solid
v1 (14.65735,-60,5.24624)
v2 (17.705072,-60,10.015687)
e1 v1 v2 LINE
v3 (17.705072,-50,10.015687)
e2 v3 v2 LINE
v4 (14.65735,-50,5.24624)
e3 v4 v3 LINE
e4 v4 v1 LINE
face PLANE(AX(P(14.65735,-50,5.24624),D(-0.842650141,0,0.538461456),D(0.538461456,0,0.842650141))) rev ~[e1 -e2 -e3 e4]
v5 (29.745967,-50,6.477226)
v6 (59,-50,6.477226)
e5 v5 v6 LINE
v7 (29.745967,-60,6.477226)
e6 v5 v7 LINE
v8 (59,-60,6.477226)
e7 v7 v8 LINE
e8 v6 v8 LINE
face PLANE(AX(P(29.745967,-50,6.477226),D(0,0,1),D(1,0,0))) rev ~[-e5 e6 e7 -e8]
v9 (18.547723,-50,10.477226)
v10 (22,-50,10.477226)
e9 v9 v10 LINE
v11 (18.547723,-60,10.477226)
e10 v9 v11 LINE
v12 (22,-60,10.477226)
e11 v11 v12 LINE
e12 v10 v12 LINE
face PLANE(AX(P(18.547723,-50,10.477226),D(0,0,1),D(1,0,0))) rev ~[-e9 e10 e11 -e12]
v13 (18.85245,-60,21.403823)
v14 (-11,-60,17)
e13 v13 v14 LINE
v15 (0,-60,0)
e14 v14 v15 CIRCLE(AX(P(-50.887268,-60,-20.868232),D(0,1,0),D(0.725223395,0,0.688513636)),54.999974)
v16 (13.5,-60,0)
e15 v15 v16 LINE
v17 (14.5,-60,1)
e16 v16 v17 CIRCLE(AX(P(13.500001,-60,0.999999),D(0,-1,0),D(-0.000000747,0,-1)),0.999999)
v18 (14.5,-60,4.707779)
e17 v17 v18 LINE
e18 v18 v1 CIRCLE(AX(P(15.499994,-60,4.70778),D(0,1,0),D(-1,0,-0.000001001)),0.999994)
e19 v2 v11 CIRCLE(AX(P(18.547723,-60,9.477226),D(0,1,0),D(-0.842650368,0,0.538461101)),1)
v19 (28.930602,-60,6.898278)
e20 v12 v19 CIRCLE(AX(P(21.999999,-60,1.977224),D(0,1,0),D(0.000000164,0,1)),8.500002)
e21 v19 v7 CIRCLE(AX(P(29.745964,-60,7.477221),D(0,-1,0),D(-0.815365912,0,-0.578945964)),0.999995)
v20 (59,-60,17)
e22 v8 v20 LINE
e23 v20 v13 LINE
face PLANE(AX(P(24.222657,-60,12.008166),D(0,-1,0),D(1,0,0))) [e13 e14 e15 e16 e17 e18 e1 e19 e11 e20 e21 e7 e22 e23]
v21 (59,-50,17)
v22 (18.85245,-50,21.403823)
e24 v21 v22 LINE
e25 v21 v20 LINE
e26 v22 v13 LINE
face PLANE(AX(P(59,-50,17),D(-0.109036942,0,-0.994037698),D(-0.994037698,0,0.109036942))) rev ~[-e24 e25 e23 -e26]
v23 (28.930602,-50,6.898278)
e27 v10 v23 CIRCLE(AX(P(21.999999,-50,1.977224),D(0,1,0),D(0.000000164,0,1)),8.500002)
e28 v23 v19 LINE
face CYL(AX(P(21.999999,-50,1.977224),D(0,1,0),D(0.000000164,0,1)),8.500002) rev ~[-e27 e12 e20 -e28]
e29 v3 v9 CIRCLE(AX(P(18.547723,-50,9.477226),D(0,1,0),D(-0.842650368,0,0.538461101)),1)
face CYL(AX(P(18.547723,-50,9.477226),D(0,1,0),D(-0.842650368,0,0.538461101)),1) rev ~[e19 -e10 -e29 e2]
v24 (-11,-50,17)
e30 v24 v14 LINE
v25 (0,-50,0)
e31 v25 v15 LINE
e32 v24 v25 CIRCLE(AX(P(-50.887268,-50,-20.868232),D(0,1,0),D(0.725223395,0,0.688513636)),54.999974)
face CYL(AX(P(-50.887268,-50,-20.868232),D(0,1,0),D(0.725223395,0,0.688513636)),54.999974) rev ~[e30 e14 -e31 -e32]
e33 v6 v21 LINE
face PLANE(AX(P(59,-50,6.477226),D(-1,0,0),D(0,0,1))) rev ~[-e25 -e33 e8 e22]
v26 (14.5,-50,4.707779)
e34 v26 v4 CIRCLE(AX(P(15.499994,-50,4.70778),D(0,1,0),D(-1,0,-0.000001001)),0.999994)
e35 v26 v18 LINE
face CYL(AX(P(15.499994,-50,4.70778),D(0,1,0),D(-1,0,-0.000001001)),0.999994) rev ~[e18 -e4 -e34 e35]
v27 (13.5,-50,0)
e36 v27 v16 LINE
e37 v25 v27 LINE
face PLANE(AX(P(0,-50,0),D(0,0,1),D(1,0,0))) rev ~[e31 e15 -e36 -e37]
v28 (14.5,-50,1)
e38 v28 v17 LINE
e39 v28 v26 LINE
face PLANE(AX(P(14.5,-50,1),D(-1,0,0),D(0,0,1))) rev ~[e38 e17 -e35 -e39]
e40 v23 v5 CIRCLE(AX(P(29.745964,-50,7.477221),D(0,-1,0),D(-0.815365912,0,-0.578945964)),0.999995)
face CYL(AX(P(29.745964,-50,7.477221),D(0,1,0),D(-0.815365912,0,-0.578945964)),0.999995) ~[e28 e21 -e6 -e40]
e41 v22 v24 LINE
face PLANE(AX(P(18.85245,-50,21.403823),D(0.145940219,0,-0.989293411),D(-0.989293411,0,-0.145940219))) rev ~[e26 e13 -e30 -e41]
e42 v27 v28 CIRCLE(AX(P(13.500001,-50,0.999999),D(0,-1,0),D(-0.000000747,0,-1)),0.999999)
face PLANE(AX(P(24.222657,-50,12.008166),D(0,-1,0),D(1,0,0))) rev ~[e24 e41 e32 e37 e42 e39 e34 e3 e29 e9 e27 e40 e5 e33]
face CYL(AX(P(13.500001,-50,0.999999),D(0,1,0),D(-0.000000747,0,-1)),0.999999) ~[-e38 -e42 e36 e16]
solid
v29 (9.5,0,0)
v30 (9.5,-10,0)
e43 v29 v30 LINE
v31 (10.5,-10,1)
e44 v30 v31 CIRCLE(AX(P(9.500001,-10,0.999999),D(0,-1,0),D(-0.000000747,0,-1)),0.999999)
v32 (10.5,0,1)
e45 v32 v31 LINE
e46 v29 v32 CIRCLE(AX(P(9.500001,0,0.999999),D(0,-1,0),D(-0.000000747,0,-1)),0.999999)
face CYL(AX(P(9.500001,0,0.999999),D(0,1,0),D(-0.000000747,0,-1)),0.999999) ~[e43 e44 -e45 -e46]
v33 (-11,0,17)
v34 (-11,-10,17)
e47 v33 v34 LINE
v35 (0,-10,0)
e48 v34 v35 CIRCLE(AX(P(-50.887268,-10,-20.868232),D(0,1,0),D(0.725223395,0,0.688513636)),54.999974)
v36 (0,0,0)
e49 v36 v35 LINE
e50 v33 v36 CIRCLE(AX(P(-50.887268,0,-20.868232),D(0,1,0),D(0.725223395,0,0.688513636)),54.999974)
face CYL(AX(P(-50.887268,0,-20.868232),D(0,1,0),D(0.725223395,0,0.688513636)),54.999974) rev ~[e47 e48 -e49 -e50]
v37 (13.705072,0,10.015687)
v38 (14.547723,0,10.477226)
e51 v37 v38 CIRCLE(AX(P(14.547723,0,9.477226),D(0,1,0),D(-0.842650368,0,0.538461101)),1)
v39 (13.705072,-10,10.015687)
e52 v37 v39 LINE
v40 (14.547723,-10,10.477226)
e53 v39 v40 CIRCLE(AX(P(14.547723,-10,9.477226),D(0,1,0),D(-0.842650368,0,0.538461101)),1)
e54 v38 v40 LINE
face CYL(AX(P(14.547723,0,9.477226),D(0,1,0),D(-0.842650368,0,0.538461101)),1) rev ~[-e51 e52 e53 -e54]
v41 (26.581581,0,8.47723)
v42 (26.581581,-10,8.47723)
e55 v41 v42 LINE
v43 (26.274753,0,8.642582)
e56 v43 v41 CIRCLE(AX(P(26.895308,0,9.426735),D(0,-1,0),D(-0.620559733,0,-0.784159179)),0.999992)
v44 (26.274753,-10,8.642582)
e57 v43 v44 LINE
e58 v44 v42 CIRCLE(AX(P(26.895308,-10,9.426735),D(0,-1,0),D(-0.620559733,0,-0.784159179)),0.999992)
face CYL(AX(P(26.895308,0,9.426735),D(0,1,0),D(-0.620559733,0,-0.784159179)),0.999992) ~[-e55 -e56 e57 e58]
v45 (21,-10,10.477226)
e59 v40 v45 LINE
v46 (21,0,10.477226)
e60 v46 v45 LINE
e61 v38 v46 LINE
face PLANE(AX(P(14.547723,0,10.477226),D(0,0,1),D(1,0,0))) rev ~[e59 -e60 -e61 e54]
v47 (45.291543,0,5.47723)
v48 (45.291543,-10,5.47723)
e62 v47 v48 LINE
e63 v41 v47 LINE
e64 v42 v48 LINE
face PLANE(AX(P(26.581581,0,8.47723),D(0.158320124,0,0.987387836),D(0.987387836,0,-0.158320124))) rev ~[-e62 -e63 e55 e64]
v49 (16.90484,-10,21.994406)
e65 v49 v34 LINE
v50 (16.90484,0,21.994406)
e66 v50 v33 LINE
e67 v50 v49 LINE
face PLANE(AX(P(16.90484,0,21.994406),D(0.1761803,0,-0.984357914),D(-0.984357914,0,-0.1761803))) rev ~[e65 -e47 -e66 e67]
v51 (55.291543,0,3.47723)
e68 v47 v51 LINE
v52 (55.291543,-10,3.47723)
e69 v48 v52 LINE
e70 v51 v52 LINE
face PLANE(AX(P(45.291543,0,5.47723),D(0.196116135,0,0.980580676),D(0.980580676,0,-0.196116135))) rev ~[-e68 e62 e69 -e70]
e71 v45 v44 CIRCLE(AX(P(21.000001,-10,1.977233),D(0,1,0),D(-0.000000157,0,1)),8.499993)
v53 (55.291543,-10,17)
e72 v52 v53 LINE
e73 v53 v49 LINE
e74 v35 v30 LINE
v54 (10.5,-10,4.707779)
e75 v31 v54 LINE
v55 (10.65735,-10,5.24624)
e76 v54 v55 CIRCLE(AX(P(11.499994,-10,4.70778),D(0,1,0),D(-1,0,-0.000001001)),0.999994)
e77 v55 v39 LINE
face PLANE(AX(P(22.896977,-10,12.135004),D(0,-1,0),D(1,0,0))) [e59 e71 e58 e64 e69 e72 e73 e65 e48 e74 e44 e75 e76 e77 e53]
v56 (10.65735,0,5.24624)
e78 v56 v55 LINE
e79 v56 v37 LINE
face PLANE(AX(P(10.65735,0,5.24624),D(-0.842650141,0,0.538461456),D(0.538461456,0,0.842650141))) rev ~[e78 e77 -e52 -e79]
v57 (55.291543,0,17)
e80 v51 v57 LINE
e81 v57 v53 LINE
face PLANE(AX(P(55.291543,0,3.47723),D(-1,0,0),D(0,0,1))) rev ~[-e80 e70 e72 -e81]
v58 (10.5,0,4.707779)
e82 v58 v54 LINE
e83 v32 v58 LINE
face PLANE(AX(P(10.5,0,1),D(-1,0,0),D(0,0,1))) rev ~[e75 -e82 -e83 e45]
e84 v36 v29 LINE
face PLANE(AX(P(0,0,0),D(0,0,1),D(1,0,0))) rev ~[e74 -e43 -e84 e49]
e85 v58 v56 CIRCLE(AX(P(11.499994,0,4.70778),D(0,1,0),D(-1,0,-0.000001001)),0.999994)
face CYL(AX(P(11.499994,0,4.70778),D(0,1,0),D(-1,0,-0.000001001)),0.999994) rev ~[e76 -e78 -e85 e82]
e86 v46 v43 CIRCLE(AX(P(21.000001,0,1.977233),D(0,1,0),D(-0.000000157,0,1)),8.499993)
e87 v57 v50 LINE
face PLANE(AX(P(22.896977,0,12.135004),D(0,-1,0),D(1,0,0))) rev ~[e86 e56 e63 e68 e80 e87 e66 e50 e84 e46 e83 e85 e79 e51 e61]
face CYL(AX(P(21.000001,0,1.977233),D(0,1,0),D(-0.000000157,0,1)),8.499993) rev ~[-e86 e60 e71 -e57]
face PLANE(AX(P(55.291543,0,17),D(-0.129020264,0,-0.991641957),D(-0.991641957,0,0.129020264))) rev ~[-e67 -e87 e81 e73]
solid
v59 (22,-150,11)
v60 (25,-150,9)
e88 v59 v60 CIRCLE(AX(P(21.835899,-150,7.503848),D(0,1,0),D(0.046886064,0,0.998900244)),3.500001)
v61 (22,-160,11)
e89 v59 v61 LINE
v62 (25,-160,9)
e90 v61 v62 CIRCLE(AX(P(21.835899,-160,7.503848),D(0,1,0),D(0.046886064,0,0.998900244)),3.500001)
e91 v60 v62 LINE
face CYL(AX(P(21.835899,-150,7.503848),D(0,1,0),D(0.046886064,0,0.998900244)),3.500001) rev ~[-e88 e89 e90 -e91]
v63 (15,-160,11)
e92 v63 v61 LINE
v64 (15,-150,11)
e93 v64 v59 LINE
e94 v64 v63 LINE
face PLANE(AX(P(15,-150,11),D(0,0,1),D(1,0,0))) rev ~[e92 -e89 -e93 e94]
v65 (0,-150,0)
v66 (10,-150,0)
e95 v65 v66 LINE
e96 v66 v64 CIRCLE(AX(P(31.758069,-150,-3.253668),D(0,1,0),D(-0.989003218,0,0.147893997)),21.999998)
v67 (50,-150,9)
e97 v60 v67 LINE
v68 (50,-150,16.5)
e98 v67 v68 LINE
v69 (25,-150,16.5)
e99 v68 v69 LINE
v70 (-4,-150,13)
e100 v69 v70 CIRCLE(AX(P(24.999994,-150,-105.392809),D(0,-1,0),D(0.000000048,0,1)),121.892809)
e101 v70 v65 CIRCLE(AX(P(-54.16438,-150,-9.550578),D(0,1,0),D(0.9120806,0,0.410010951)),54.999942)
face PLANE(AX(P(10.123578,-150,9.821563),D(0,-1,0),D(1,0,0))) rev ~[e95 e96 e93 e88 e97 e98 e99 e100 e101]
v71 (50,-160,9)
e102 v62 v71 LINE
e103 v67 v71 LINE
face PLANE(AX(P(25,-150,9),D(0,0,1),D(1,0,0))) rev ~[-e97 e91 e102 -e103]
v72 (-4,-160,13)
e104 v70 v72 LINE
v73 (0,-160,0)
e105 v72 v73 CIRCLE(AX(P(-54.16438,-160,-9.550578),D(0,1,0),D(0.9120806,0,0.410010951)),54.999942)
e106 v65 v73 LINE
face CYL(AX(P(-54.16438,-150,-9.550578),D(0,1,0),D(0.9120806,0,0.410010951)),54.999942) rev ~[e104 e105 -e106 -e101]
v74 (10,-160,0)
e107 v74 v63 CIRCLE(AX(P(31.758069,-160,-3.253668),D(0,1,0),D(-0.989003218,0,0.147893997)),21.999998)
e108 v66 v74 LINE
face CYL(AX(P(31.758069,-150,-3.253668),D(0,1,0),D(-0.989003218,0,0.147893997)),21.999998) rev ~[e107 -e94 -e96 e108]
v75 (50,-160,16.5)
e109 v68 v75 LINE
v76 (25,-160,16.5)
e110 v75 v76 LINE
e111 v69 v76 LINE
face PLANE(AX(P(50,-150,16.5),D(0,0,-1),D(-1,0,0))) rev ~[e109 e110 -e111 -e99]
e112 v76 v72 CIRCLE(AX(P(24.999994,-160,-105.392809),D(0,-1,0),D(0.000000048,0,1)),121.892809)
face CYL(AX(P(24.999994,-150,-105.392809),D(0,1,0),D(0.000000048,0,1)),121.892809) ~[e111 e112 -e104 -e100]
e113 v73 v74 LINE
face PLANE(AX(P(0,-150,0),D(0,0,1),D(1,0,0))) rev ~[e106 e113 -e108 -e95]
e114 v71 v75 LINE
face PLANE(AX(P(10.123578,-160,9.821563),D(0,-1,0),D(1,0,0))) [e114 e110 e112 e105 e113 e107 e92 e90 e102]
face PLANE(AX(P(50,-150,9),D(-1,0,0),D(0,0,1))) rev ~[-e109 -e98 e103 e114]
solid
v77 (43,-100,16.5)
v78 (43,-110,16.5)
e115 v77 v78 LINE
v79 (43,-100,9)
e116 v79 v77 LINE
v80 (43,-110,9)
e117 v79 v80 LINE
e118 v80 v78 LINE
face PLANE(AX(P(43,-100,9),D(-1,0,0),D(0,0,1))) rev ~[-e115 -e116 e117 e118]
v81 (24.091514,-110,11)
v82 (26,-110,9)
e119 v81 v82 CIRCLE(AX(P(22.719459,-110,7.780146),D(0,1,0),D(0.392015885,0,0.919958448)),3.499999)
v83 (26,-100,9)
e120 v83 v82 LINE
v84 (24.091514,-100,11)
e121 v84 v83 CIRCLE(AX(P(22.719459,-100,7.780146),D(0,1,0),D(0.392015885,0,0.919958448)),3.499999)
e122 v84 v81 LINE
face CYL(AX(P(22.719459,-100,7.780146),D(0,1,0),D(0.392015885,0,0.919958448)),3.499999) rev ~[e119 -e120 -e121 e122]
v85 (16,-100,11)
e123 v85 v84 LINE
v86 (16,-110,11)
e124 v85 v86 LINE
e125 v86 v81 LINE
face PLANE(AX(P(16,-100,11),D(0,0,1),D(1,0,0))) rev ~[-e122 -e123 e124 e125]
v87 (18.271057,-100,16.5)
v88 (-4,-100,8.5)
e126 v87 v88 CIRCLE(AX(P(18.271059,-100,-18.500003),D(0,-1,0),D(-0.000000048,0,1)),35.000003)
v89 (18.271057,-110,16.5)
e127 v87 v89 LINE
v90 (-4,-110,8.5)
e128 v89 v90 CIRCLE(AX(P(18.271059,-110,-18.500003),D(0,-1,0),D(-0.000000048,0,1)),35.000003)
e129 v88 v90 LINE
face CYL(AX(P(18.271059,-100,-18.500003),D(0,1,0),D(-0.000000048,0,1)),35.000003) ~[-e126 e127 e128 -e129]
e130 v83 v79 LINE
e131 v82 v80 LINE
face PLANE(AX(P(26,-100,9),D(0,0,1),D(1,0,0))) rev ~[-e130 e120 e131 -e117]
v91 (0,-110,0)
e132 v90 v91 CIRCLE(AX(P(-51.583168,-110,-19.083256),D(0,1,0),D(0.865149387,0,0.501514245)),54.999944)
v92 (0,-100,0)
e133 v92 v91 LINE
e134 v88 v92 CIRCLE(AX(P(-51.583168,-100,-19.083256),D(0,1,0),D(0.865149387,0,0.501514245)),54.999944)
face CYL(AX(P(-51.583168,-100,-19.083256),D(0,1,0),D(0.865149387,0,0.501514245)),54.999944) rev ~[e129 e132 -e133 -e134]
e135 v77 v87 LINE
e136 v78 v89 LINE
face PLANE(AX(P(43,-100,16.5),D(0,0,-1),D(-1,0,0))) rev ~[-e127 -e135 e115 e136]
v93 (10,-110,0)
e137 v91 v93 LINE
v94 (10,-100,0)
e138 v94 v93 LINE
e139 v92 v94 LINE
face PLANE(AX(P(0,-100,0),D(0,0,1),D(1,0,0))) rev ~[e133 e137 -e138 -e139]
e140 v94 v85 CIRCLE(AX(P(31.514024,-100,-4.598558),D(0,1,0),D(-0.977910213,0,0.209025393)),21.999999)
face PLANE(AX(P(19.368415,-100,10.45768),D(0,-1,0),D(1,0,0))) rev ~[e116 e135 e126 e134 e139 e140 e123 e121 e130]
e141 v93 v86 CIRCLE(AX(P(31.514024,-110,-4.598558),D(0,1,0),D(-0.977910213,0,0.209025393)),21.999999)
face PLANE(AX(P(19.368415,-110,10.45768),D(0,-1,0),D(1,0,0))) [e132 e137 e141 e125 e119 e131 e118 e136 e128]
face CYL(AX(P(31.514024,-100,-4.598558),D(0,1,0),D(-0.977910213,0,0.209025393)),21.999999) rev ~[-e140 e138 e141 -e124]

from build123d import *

# Parameters (mm, degrees)
F1_DEPTH  = 10
F4_DEPTH  = 10
F7_DEPTH  = 10
F10_DEPTH = 10


with BuildPart() as f1:
    # F0 (on Front) → F1 (new body)
    with BuildSketch(Plane.XZ):
        with BuildLine():
            ThreePointArc((-11, 17), (-4.710931, 9.010574), (0, 0))
            Line((0, 0), (9.5, 0))
            ThreePointArc((9.5, 0), (10.207107, 0.292893), (10.5, 1))
            Line((10.5, 1), (10.5, 4.707779))
            ThreePointArc((10.5, 4.707779), (10.540143, 4.988269), (10.65735, 5.24624))
            Line((10.65735, 5.24624), (13.705072, 10.015687))
            ThreePointArc((13.705072, 10.015687), (14.067338, 10.354284), (14.547723, 10.477226))
            Line((14.547723, 10.477226), (21, 10.477226))
            ThreePointArc((21, 10.477226), (23.792353, 10.005474), (26.274753, 8.642582))
            ThreePointArc((26.274753, 8.642582), (26.420907, 8.546435), (26.581581, 8.47723))
            Line((26.581581, 8.47723), (45.291543, 5.47723))
            Line((45.291543, 5.47723), (55.291543, 3.47723))
            Line((55.291543, 3.47723), (55.291543, 17))
            Line((55.291543, 17), (16.90484, 21.994406))
            Line((16.90484, 21.994406), (-11, 17))
        make_face()
    extrude(amount=F1_DEPTH)


with BuildPart() as f4:
    # F3 (on offset) → F4 (new body)
    with BuildSketch(Plane.XZ.offset(50)):
        with BuildLine():
            ThreePointArc((-11, 17), (-4.710931, 9.010574), (0, 0))
            Line((0, 0), (13.5, 0))
            ThreePointArc((13.5, 0), (14.207107, 0.292893), (14.5, 1))
            Line((14.5, 1), (14.5, 4.707779))
            ThreePointArc((14.5, 4.707779), (14.540143, 4.988269), (14.65735, 5.24624))
            Line((14.65735, 5.24624), (17.705072, 10.015687))
            ThreePointArc((17.705072, 10.015687), (18.067338, 10.354284), (18.547723, 10.477226))
            Line((18.547723, 10.477226), (22, 10.477226))
            ThreePointArc((22, 10.477226), (25.900067, 9.529674), (28.930602, 6.898278))
            ThreePointArc((28.930602, 6.898278), (29.287135, 6.588702), (29.745967, 6.477226))
            Line((29.745967, 6.477226), (59, 6.477226))
            Line((59, 6.477226), (59, 17))
            Line((59, 17), (18.85245, 21.403823))
            Line((18.85245, 21.403823), (-11, 17))
        make_face()
    extrude(amount=F4_DEPTH)


with BuildPart() as f7:
    # F6 (on offset) → F7 (new body)
    with BuildSketch(Plane.XZ.offset(100)):
        with BuildLine():
            ThreePointArc((-4, 8.5), (-1.81819, 4.335558), (0, 0))
            Line((0, 0), (10, 0))
            ThreePointArc((10, 0), (12.200322, 5.936188), (16, 11))
            Line((16, 11), (24.091514, 11))
            ThreePointArc((24.091514, 11), (25.251585, 10.19641), (26, 9))
            Line((26, 9), (43, 9))
            Line((43, 9), (43, 16.5))
            Line((43, 16.5), (18.271057, 16.5))
            ThreePointArc((18.271057, 16.5), (6.438898, 14.439338), (-4, 8.5))
        make_face()
    extrude(amount=F7_DEPTH)


with BuildPart() as f10:
    # F9 (on offset) → F10 (new body)
    with BuildSketch(Plane.XZ.offset(150)):
        with BuildLine():
            ThreePointArc((-4, 13), (-1.59659, 6.624126), (0, 0))
            Line((0, 0), (10, 0))
            ThreePointArc((10, 0), (11.730008, 5.849996), (15, 11))
            Line((15, 11), (22, 11))
            Line((22, 11), (25, 11))
            Line((25, 11), (25, 16.5))
            ThreePointArc((25, 16.5), (10.394778, 15.621837), (-4, 13))
        make_face()
        Polygon((50, 16.5), (25, 16.5), (25, 11), (25, 9), (50, 9), align=None)
        with BuildLine():
            Line((25, 9), (25, 11))
            Line((25, 11), (22, 11))
            ThreePointArc((22, 11), (23.77735, 10.416025), (25, 9))
        make_face()
    extrude(amount=F10_DEPTH)


solid = Compound([f1.part, f4.part, f7.part, f10.part])
